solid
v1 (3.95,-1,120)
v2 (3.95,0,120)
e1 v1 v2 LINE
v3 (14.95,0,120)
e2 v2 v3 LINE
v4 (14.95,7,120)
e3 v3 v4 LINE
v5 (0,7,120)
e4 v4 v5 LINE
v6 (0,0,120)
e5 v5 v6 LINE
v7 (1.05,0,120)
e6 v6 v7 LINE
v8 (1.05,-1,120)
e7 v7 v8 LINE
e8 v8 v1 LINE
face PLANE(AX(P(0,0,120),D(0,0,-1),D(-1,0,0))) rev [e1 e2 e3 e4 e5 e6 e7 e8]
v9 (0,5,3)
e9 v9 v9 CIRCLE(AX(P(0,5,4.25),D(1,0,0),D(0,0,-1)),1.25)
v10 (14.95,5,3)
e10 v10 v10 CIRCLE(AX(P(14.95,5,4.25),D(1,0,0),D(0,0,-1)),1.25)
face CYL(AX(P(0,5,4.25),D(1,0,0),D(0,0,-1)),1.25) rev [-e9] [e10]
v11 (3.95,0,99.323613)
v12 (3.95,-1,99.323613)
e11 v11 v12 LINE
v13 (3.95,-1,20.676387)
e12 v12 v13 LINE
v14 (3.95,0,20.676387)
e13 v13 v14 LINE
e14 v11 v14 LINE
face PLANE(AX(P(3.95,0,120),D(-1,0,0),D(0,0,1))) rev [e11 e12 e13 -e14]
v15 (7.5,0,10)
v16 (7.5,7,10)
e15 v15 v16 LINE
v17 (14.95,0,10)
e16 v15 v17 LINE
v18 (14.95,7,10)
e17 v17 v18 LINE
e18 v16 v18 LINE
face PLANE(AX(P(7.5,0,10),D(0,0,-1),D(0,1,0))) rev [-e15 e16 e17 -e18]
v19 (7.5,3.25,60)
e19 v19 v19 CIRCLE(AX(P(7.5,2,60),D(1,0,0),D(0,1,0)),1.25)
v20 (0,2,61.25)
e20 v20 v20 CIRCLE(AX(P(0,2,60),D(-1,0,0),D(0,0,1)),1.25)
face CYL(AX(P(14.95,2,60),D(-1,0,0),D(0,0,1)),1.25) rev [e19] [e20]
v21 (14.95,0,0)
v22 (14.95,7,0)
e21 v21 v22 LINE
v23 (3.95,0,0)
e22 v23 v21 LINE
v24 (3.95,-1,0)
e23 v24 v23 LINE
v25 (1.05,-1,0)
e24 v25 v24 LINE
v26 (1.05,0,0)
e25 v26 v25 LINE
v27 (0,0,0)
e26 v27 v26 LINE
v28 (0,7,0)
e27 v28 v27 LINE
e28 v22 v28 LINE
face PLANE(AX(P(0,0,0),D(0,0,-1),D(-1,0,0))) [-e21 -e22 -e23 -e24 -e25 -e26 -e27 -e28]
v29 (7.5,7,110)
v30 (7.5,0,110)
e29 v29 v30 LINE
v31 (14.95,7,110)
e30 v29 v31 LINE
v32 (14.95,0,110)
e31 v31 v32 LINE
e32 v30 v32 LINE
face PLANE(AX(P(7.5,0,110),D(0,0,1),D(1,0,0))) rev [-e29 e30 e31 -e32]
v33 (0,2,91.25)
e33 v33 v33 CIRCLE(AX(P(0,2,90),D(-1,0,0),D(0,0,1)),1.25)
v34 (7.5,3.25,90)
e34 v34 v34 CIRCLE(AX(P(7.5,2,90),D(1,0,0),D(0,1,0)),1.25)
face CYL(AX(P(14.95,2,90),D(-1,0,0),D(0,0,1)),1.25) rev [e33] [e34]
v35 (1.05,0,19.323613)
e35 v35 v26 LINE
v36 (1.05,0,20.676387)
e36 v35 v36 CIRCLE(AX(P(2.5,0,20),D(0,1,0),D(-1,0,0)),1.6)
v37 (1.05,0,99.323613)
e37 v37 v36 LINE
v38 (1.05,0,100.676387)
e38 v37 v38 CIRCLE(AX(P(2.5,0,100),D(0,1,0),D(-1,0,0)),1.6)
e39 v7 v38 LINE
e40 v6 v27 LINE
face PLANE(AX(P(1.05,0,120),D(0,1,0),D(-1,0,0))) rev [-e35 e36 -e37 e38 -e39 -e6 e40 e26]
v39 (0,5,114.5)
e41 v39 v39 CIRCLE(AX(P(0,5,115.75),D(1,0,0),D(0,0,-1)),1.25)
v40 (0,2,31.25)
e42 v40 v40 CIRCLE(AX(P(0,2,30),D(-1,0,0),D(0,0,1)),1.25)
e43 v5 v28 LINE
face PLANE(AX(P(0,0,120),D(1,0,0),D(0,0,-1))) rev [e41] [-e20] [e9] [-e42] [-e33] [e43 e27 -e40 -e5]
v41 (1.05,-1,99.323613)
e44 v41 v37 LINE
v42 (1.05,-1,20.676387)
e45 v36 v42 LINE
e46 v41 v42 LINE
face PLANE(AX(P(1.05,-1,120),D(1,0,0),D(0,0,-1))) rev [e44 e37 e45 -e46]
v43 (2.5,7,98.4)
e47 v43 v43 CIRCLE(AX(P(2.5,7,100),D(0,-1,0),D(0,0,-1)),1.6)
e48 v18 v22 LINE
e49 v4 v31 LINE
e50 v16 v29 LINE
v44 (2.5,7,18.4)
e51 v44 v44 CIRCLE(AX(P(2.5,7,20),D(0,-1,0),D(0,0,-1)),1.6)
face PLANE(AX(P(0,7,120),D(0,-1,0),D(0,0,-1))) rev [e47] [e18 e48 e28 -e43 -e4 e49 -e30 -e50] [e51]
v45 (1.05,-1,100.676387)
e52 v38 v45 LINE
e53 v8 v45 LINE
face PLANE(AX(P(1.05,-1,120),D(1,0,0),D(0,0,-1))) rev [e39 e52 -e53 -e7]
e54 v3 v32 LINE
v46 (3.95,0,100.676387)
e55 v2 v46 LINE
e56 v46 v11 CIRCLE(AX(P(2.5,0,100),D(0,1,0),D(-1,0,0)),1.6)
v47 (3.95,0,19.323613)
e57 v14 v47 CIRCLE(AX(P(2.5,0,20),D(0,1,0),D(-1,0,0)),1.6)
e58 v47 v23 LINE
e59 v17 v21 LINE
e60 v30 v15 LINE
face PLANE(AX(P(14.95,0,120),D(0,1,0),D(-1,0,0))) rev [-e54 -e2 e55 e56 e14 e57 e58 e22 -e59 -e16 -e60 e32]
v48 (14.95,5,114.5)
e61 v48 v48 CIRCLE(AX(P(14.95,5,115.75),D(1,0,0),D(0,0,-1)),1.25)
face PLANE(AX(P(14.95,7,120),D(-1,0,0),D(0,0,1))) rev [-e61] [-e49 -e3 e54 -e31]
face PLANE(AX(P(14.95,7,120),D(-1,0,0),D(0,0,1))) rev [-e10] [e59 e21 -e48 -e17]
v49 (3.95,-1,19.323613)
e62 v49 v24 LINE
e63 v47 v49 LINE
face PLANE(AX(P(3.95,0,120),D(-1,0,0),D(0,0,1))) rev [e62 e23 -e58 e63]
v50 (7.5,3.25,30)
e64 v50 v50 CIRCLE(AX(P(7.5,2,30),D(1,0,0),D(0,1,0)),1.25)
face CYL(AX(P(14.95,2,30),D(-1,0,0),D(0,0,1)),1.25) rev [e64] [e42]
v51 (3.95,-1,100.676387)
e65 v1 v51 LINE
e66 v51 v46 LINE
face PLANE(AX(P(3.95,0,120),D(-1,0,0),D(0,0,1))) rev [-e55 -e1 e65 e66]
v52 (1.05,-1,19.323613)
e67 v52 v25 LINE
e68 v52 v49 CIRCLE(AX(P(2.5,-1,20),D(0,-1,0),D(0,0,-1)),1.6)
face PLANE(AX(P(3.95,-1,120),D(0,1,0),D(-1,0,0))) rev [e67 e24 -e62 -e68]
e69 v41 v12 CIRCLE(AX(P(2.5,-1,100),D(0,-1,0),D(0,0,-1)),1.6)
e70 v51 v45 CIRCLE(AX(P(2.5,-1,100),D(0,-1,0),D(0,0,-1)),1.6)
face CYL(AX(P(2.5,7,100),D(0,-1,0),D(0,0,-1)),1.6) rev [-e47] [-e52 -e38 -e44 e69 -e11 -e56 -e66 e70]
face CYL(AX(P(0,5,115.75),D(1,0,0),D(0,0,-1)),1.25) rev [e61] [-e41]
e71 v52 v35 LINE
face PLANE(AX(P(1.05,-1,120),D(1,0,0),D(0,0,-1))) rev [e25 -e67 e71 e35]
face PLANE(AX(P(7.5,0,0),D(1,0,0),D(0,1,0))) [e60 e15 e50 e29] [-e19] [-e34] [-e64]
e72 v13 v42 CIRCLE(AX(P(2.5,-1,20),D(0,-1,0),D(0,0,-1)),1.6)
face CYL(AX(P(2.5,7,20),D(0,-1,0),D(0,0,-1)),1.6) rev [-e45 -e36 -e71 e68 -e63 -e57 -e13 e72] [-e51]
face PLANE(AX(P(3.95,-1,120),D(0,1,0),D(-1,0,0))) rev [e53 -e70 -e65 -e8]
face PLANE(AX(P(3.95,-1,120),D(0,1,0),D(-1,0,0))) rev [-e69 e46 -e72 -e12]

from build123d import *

# Parameters (mm, degrees)
MAIN_DEPTH               = 120
ESQUISSE2_R              = 1.25
HOLESFORMOTORBOARD_DEPTH = 15.95
ESQUISSE4_R              = 1.6
HOLESFORMAKERBEAM_DEPTH  = 9
SKETCH1_W                = 100
SKETCH1_H                = 7
POWERBOARDPINHOLES_DEPTH = 7.45
SKETCH2_R                = 1.25
WINDOWFIXHOLES_DEPTH     = 15.95


with BuildPart() as part:
    # Esquisse1 → Main (new body)
    with BuildSketch(Plane.XY):
        Polygon((0, 7), (14.95, 7), (14.95, 0), (3.95, 0), (3.95, -1), (1.05, -1), (1.05, 0), (0, 0), align=None)
    extrude(amount=MAIN_DEPTH)

    # Esquisse2 → HolesForMotorBoard (cut, through all)
    with BuildSketch(Plane(origin=(14.95, 0, 0), x_dir=(0, 0, -1), z_dir=(1, 0, 0))):
        with Locations((-4.25, 5)):
            Circle(ESQUISSE2_R)
        with Locations((-115.75, 5)):
            Circle(ESQUISSE2_R)
    extrude(amount=-HOLESFORMOTORBOARD_DEPTH, mode=Mode.SUBTRACT)

    # Esquisse4 → HolesForMakerBeam (cut, through all)
    with BuildSketch(Plane(origin=(0, -1, 0), x_dir=(-1, 0, 0), z_dir=(0, -1, 0))):
        with Locations((-2.5, -100)):
            Circle(ESQUISSE4_R)
        with Locations((-2.5, -20)):
            Circle(ESQUISSE4_R)
    extrude(amount=-HOLESFORMAKERBEAM_DEPTH, mode=Mode.SUBTRACT)

    # Sketch1 → PowerBoardPinHoles (cut)
    with BuildSketch(Plane(origin=(14.95, 0, 0), x_dir=(0, 0, -1), z_dir=(1, 0, 0))):
        with Locations((-60, 3.5)):
            Rectangle(SKETCH1_W, SKETCH1_H)
    extrude(amount=-POWERBOARDPINHOLES_DEPTH, mode=Mode.SUBTRACT)

    # Sketch2 → WindowFixHoles (cut, through all)
    with BuildSketch(Plane.ZY):
        with Locations((60, 2)):
            Circle(SKETCH2_R)
        with Locations((30, 2)):
            Circle(SKETCH2_R)
        with Locations((90, 2)):
            Circle(SKETCH2_R)
    extrude(amount=-WINDOWFIXHOLES_DEPTH, mode=Mode.SUBTRACT)


solid = part.part
